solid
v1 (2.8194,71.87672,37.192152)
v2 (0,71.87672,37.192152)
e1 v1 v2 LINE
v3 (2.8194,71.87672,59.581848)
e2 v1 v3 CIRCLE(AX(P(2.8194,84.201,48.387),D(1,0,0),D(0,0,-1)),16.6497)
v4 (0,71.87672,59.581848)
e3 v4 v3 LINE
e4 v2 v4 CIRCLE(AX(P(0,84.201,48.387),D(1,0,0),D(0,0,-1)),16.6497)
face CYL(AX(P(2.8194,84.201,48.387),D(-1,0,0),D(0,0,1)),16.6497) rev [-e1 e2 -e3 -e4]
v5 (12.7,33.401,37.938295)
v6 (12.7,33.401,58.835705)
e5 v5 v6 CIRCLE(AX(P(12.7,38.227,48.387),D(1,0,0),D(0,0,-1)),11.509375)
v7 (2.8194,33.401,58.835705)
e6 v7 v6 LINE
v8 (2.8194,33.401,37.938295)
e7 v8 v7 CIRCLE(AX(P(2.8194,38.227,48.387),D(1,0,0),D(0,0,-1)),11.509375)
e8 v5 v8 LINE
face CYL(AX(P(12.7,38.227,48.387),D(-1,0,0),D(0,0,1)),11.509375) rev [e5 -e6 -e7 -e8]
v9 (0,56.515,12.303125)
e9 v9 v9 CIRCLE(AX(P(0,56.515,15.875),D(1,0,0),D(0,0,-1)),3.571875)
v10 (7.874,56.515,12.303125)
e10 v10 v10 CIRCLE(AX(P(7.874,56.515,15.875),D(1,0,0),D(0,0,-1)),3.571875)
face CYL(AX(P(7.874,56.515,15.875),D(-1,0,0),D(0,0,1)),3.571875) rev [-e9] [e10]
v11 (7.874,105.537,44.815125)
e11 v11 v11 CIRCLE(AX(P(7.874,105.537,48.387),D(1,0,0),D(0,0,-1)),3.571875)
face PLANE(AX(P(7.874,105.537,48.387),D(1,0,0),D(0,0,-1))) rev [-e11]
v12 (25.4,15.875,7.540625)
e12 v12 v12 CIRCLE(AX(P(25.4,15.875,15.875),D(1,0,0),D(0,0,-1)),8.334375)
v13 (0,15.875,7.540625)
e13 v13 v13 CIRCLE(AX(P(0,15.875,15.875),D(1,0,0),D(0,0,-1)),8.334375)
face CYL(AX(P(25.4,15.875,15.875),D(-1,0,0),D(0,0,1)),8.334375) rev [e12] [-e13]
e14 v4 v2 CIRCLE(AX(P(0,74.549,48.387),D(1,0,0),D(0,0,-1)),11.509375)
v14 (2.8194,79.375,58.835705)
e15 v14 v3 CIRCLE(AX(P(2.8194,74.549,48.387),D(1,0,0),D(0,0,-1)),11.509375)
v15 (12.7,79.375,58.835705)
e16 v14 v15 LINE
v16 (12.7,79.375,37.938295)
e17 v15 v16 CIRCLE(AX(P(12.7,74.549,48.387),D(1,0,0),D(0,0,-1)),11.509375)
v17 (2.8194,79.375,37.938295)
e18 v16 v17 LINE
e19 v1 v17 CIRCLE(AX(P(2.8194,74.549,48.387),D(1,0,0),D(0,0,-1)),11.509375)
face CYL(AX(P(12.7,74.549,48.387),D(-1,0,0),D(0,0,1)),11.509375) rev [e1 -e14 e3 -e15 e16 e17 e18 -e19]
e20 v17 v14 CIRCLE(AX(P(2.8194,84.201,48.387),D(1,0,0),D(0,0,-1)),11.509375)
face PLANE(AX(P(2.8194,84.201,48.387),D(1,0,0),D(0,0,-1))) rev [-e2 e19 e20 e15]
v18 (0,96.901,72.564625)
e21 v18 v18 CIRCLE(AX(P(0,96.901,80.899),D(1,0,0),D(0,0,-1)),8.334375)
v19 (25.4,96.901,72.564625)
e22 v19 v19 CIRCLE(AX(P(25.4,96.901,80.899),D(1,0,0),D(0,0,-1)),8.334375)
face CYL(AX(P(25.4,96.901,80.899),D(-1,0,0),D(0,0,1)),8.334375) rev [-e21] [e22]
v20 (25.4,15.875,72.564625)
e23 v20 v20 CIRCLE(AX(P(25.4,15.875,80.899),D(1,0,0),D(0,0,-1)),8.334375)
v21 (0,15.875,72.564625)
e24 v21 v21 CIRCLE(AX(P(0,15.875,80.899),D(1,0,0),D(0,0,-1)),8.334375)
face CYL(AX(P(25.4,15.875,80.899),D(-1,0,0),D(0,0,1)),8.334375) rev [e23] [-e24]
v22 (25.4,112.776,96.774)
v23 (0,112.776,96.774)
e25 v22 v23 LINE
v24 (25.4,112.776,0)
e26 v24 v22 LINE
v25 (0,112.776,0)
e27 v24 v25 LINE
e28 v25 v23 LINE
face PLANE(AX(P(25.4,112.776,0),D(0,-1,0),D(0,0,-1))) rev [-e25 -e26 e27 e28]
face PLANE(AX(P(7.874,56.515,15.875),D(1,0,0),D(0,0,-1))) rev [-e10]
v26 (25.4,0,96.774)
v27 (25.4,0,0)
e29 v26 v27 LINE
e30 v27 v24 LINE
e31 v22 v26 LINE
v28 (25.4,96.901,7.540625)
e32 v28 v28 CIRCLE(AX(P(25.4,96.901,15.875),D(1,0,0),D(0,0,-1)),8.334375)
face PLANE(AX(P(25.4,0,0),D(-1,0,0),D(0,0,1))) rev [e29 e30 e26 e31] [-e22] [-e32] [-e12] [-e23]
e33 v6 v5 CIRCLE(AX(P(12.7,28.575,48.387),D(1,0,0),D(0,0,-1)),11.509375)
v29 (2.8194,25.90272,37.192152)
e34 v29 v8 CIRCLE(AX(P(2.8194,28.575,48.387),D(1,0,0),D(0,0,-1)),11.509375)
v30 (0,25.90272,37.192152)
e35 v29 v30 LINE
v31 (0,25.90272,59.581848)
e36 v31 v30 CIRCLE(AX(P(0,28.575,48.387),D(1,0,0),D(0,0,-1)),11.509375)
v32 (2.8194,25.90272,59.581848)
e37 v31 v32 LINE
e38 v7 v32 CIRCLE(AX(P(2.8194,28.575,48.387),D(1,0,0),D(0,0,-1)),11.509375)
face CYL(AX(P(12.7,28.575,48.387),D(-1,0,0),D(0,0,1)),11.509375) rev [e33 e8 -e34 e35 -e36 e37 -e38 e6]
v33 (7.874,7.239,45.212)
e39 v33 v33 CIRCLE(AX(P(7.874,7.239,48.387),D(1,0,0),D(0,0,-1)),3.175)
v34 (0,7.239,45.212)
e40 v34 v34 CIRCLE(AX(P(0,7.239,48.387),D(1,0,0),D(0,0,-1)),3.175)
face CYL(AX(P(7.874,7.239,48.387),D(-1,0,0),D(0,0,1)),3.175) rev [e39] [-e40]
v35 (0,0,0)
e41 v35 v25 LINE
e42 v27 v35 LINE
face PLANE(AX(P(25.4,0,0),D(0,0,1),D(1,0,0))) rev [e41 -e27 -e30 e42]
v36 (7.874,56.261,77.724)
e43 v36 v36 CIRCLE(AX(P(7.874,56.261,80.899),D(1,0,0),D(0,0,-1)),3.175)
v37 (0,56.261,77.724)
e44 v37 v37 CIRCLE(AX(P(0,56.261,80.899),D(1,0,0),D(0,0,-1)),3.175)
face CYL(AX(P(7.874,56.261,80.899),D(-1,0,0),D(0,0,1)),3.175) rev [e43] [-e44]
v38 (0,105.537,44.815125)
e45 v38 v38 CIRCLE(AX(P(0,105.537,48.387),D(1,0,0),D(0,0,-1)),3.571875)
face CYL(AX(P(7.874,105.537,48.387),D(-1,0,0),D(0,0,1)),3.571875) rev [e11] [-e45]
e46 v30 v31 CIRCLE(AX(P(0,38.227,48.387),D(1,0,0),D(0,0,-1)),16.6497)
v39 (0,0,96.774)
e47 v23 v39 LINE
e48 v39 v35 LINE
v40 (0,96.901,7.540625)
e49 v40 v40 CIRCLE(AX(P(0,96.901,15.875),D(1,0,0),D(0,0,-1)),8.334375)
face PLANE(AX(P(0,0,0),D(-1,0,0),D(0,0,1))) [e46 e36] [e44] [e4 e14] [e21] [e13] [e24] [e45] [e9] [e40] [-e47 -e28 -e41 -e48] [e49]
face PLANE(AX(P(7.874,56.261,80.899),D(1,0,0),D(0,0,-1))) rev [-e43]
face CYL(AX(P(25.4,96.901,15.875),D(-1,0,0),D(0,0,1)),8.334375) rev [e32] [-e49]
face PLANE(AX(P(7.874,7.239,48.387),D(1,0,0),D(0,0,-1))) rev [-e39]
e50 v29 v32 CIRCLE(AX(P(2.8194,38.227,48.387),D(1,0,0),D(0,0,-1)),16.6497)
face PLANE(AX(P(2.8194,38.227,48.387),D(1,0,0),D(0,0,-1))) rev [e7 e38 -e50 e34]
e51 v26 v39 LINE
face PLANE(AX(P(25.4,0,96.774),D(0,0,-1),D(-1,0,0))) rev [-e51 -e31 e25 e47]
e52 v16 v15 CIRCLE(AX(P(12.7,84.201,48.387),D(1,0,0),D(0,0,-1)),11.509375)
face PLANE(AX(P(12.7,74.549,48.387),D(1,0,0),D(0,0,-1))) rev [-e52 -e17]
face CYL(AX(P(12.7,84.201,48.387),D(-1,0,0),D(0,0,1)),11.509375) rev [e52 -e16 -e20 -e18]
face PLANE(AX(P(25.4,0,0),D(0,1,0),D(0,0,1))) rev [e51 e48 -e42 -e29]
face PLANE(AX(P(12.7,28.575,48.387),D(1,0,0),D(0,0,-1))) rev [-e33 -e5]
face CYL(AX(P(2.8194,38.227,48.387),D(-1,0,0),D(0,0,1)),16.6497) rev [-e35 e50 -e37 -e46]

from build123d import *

# Parameters (mm, degrees)
SKETCH1_W           = 112.776
SKETCH1_H           = 96.774
BOSS_EXTRUDE1_DEPTH = 25.4
SKETCH2_R           = 8.334375
CUT_EXTRUDE2_DEPTH  = 151.760715215
SKETCH3_R           = 11.509375
CUT_EXTRUDE3_DEPTH  = 12.7
SKETCH4_R           = 11.509375
CUT_EXTRUDE4_DEPTH  = 12.7
SKETCH5_R           = 16.6497
CUT_EXTRUDE5_DEPTH  = 2.8194
SKETCH6_R           = 3.571875
CUT_EXTRUDE6_DEPTH  = 7.874
SKETCH8_R           = 3.175
CUT_EXTRUDE9_DEPTH  = 7.874


with BuildPart() as part:
    # Sketch1 → Boss-Extrude1 (new body)
    with BuildSketch(Plane.YZ):
        with Locations((56.388, 48.387)):
            Rectangle(SKETCH1_W, SKETCH1_H)
    extrude(amount=BOSS_EXTRUDE1_DEPTH)

    # Sketch2 → Cut-Extrude2 (cut, through all)
    with BuildSketch(Plane.YZ):
        with Locations(Location((15.875, 15.875, 0), (0, 0, 270))):
            Circle(SKETCH2_R)
        with Locations(Location((96.901, 15.875, 0), (0, 0, 270))):
            Circle(SKETCH2_R)
        with Locations(Location((15.875, 80.899, 0), (0, 0, 270))):
            Circle(SKETCH2_R)
        with Locations(Location((96.901, 80.899, 0), (0, 0, 270))):
            Circle(SKETCH2_R)
    extrude(amount=CUT_EXTRUDE2_DEPTH, mode=Mode.SUBTRACT)

    # Sketch3 → Cut-Extrude3 (cut)
    with BuildSketch(Plane.YZ):
        with Locations(Location((28.575, 48.387, 0), (0, 0, 270))):
            Circle(SKETCH3_R)
        with Locations(Location((74.549, 48.387, 0), (0, 0, 270))):
            Circle(SKETCH3_R)
    extrude(amount=CUT_EXTRUDE3_DEPTH, mode=Mode.SUBTRACT)

    # Sketch4 → Cut-Extrude4 (cut)
    with BuildSketch(Plane.YZ):
        with Locations((38.227, 48.387)):
            Circle(SKETCH4_R)
        with Locations((84.201, 48.387)):
            Circle(SKETCH4_R)
    extrude(amount=CUT_EXTRUDE4_DEPTH, mode=Mode.SUBTRACT)

    # Sketch5 → Cut-Extrude5 (cut)
    with BuildSketch(Plane.YZ):
        with Locations((38.227, 48.387)):
            Circle(SKETCH5_R)
        with Locations((84.201, 48.387)):
            Circle(SKETCH5_R)
    extrude(amount=CUT_EXTRUDE5_DEPTH, mode=Mode.SUBTRACT)

    # Sketch6 → Cut-Extrude6 (cut)
    with BuildSketch(Plane.YZ):
        with Locations(Location((105.537, 48.387, 0), (0, 0, 270))):
            Circle(SKETCH6_R)
        with Locations(Location((56.515, 15.875, 0), (0, 0, 270))):
            Circle(SKETCH6_R)
    extrude(amount=CUT_EXTRUDE6_DEPTH, mode=Mode.SUBTRACT)

    # Sketch8 → Cut-Extrude9 (cut)
    with BuildSketch(Plane.YZ):
        with Locations(Location((7.239, 48.387, 0), (0, 0, 270))):
            Circle(SKETCH8_R)
        with Locations(Location((56.261, 80.899, 0), (0, 0, 270))):
            Circle(SKETCH8_R)
    extrude(amount=CUT_EXTRUDE9_DEPTH, mode=Mode.SUBTRACT)


solid = part.part
